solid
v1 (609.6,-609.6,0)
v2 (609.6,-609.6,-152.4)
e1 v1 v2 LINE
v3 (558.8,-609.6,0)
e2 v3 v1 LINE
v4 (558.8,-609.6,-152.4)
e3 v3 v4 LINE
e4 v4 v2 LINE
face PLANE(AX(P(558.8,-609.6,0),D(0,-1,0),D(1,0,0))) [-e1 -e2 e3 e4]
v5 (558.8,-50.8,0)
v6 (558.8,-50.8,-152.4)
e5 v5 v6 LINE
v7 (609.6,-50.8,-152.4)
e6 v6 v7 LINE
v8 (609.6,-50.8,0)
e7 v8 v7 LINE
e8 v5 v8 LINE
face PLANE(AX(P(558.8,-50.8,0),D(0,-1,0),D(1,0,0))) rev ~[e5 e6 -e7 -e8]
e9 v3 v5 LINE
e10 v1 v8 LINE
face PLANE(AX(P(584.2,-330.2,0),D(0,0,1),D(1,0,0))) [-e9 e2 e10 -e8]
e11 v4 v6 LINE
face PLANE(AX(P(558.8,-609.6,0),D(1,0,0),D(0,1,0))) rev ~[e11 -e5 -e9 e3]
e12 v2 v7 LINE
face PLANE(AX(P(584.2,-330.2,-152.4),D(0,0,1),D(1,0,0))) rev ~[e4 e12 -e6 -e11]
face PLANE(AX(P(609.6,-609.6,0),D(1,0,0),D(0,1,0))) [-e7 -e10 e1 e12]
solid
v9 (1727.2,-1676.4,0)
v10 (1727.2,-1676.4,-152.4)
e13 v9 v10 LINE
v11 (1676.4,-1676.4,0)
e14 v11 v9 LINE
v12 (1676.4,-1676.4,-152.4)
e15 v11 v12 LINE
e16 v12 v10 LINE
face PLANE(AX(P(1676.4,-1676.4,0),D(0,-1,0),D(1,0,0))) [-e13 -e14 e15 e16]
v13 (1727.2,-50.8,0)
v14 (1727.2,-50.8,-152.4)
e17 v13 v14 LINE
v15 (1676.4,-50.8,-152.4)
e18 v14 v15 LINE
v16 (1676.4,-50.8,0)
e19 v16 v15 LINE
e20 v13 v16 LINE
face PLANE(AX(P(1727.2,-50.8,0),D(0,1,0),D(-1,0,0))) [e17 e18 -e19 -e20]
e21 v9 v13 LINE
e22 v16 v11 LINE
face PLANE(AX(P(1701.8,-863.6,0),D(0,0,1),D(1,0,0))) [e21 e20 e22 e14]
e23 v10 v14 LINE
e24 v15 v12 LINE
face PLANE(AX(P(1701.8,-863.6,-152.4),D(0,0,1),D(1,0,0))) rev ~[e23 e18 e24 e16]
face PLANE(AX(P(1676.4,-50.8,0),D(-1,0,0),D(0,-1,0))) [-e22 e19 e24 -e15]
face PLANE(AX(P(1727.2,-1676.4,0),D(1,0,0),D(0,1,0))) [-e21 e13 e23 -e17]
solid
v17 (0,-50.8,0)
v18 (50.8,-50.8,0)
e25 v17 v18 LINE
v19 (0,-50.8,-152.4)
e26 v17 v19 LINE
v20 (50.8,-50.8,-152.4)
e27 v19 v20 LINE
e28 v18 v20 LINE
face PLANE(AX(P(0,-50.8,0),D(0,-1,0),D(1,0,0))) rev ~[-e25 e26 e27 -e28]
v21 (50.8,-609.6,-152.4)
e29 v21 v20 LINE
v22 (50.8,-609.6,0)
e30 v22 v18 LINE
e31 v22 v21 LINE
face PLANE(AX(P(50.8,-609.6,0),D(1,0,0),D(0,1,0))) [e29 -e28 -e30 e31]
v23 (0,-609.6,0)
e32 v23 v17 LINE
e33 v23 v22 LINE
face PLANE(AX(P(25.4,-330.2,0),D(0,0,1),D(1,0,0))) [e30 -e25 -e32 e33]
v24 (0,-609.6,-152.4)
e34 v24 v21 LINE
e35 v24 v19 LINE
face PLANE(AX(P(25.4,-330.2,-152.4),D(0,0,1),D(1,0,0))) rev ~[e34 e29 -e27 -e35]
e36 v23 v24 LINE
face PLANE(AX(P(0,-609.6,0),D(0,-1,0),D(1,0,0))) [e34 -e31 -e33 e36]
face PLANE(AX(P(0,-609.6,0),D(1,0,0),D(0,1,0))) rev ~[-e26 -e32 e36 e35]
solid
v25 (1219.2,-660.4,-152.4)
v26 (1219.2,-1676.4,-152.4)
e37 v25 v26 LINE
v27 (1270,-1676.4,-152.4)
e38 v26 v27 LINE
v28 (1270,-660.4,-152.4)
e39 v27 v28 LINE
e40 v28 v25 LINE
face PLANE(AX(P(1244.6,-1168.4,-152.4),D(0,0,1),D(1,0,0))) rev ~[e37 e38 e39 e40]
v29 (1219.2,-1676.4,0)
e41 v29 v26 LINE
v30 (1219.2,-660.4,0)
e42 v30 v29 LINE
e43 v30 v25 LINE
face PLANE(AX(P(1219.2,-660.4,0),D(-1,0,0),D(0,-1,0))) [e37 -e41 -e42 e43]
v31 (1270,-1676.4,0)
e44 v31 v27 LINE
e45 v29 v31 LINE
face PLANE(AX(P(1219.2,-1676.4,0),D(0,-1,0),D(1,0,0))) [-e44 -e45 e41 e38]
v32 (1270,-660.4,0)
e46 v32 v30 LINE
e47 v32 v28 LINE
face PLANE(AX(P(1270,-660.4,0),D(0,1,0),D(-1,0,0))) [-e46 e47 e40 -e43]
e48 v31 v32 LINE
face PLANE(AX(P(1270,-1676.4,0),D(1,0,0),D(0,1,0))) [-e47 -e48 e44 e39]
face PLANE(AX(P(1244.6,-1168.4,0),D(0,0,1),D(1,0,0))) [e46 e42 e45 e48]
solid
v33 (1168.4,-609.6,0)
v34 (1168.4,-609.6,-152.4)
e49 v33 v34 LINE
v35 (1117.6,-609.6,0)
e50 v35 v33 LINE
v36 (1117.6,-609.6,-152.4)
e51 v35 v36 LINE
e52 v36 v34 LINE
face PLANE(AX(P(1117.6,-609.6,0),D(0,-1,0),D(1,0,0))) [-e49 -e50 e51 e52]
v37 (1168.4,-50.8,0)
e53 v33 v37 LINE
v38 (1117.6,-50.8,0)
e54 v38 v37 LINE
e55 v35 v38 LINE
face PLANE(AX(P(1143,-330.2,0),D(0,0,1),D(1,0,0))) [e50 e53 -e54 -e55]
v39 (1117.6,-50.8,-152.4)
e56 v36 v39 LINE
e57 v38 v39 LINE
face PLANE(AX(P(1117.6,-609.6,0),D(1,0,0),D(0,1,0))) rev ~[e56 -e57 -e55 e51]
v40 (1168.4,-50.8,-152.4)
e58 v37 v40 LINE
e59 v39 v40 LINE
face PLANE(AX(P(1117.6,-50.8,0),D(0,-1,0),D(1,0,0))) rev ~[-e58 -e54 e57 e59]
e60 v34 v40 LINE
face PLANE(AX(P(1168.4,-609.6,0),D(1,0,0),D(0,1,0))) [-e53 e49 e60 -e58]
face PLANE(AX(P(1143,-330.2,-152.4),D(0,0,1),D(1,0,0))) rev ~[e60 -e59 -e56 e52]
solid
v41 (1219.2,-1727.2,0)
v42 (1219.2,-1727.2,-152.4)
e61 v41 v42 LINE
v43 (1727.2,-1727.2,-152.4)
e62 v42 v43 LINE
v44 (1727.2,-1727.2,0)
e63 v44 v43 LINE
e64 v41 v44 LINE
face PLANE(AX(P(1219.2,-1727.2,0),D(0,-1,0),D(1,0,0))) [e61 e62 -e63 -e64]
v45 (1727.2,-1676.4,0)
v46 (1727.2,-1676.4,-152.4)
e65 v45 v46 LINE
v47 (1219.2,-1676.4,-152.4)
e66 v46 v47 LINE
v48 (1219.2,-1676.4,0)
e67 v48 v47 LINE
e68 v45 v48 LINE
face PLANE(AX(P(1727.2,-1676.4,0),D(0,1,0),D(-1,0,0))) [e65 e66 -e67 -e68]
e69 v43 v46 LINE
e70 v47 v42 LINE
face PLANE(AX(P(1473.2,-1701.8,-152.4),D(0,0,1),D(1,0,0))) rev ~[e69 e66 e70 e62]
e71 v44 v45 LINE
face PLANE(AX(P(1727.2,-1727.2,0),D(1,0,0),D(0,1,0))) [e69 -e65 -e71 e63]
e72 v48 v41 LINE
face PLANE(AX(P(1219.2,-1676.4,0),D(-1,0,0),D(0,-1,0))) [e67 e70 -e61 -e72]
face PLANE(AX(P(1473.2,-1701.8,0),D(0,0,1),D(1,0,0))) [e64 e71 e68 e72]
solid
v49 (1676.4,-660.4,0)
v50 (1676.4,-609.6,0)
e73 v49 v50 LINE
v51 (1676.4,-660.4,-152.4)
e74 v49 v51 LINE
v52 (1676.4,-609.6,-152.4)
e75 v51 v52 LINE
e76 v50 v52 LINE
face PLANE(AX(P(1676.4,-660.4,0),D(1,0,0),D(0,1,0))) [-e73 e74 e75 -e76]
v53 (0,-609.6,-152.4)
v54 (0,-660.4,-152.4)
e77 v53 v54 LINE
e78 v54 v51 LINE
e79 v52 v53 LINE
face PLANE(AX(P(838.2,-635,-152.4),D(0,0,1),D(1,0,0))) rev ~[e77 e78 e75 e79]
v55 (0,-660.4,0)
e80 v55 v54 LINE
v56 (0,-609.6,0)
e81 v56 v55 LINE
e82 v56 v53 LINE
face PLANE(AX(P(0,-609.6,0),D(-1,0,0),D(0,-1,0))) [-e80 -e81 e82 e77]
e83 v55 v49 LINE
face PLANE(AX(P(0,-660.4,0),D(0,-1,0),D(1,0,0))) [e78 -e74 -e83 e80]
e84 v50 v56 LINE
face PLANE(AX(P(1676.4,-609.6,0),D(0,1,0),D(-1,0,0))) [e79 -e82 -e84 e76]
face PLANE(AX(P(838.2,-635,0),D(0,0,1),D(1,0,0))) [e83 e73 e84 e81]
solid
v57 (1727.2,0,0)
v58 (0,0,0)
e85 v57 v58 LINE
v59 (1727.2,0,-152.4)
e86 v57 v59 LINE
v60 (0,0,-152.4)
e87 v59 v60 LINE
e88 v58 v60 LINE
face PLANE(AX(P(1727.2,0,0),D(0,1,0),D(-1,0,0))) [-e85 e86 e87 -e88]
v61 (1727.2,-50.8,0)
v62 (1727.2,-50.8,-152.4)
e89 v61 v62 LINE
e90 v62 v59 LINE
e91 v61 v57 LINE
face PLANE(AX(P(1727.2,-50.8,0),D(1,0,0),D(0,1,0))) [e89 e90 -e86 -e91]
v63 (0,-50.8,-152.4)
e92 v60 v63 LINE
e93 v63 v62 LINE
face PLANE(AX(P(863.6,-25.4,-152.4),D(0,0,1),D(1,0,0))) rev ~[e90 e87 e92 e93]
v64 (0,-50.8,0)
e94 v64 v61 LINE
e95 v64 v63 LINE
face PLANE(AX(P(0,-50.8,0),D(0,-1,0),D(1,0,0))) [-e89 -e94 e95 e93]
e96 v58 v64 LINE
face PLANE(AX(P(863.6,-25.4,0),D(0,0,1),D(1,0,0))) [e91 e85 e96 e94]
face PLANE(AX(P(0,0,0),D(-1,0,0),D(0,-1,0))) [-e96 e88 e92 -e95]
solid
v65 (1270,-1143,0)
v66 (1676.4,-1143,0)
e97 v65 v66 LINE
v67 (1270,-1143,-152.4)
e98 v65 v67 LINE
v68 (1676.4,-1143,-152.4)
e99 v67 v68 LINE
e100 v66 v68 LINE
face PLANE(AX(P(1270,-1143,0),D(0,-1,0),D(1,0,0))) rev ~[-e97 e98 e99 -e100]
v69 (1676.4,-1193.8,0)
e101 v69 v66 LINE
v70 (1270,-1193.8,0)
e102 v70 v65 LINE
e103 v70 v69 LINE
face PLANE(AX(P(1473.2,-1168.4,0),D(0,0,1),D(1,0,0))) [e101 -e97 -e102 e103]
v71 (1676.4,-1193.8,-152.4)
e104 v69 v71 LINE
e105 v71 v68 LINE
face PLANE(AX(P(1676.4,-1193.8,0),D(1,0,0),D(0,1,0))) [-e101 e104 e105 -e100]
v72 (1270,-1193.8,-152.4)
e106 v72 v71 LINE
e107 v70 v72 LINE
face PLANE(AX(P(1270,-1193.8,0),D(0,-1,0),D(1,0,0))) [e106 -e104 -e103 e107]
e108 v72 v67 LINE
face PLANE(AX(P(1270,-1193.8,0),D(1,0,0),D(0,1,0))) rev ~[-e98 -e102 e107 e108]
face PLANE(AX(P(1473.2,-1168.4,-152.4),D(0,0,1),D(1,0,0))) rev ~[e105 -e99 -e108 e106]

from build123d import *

# Parameters (mm, degrees)
F1_DEPTH = 152.4
F0_W     = 50.8
F0_H     = 558.8
F2_DEPTH = 152.4
F3_DEPTH = 152.4
F4_DEPTH = 152.4
F5_DEPTH = 152.4
F0_W_2   = 406.4
F0_H_2   = 50.8
F6_DEPTH = 152.4
F7_DEPTH = 152.4
F8_DEPTH = 152.4
F9_DEPTH = 152.4


with BuildPart() as f1:
    # F0 (on Top) → F1 (new body)
    with BuildSketch(Plane.XY):
        Polygon((1727.2, 0), (0, 0), (0, -50.8), (50.8, -50.8), (558.8, -50.8), (609.6, -50.8), (1117.6, -50.8), (1168.4, -50.8), (1676.4, -50.8), (1727.2, -50.8), align=None)
    extrude(amount=-F1_DEPTH)


with BuildPart() as f2:
    # F0 (on Top) → F2 (new body)
    with BuildSketch(Plane.XY):
        with Locations((25.4, -330.2)):
            Rectangle(F0_W, F0_H)
    extrude(amount=-F2_DEPTH)


with BuildPart() as f3:
    # F0 (on Top) → F3 (new body)
    with BuildSketch(Plane.XY):
        Polygon((50.8, -609.6), (0, -609.6), (0, -660.4), (1219.2, -660.4), (1270, -660.4), (1676.4, -660.4), (1676.4, -609.6), (1168.4, -609.6), (1117.6, -609.6), (609.6, -609.6), (558.8, -609.6), align=None)
    extrude(amount=-F3_DEPTH)


with BuildPart() as f4:
    # F0 (on Top) → F4 (new body)
    with BuildSketch(Plane.XY):
        with Locations((584.2, -330.2)):
            Rectangle(F0_W, F0_H)
    extrude(amount=-F4_DEPTH)


with BuildPart() as f5:
    # F0 (on Top) → F5 (new body)
    with BuildSketch(Plane.XY):
        with Locations((1143, -330.2)):
            Rectangle(F0_W, F0_H)
    extrude(amount=-F5_DEPTH)


with BuildPart() as f6:
    # F0 (on Top) → F6 (new body)
    with BuildSketch(Plane.XY):
        with Locations((1473.2, -1168.4)):
            Rectangle(F0_W_2, F0_H_2)
    extrude(amount=-F6_DEPTH)


with BuildPart() as f7:
    # F0 (on Top) → F7 (new body)
    with BuildSketch(Plane.XY):
        Polygon((1727.2, -1727.2), (1727.2, -1676.4), (1676.4, -1676.4), (1270, -1676.4), (1219.2, -1676.4), (1219.2, -1727.2), align=None)
    extrude(amount=-F7_DEPTH)


with BuildPart() as f8:
    # F0 (on Top) → F8 (new body)
    with BuildSketch(Plane.XY):
        Polygon((1727.2, -1676.4), (1727.2, -50.8), (1676.4, -50.8), (1676.4, -609.6), (1676.4, -660.4), (1676.4, -1143), (1676.4, -1193.8), (1676.4, -1676.4), align=None)
    extrude(amount=-F8_DEPTH)


with BuildPart() as f9:
    # F0 (on Top) → F9 (new body)
    with BuildSketch(Plane.XY):
        Polygon((1270, -660.4), (1219.2, -660.4), (1219.2, -1676.4), (1270, -1676.4), (1270, -1193.8), (1270, -1143), align=None)
    extrude(amount=-F9_DEPTH)


solid = Compound([f1.part, f2.part, f3.part, f4.part, f5.part, f6.part, f7.part, f8.part, f9.part])
